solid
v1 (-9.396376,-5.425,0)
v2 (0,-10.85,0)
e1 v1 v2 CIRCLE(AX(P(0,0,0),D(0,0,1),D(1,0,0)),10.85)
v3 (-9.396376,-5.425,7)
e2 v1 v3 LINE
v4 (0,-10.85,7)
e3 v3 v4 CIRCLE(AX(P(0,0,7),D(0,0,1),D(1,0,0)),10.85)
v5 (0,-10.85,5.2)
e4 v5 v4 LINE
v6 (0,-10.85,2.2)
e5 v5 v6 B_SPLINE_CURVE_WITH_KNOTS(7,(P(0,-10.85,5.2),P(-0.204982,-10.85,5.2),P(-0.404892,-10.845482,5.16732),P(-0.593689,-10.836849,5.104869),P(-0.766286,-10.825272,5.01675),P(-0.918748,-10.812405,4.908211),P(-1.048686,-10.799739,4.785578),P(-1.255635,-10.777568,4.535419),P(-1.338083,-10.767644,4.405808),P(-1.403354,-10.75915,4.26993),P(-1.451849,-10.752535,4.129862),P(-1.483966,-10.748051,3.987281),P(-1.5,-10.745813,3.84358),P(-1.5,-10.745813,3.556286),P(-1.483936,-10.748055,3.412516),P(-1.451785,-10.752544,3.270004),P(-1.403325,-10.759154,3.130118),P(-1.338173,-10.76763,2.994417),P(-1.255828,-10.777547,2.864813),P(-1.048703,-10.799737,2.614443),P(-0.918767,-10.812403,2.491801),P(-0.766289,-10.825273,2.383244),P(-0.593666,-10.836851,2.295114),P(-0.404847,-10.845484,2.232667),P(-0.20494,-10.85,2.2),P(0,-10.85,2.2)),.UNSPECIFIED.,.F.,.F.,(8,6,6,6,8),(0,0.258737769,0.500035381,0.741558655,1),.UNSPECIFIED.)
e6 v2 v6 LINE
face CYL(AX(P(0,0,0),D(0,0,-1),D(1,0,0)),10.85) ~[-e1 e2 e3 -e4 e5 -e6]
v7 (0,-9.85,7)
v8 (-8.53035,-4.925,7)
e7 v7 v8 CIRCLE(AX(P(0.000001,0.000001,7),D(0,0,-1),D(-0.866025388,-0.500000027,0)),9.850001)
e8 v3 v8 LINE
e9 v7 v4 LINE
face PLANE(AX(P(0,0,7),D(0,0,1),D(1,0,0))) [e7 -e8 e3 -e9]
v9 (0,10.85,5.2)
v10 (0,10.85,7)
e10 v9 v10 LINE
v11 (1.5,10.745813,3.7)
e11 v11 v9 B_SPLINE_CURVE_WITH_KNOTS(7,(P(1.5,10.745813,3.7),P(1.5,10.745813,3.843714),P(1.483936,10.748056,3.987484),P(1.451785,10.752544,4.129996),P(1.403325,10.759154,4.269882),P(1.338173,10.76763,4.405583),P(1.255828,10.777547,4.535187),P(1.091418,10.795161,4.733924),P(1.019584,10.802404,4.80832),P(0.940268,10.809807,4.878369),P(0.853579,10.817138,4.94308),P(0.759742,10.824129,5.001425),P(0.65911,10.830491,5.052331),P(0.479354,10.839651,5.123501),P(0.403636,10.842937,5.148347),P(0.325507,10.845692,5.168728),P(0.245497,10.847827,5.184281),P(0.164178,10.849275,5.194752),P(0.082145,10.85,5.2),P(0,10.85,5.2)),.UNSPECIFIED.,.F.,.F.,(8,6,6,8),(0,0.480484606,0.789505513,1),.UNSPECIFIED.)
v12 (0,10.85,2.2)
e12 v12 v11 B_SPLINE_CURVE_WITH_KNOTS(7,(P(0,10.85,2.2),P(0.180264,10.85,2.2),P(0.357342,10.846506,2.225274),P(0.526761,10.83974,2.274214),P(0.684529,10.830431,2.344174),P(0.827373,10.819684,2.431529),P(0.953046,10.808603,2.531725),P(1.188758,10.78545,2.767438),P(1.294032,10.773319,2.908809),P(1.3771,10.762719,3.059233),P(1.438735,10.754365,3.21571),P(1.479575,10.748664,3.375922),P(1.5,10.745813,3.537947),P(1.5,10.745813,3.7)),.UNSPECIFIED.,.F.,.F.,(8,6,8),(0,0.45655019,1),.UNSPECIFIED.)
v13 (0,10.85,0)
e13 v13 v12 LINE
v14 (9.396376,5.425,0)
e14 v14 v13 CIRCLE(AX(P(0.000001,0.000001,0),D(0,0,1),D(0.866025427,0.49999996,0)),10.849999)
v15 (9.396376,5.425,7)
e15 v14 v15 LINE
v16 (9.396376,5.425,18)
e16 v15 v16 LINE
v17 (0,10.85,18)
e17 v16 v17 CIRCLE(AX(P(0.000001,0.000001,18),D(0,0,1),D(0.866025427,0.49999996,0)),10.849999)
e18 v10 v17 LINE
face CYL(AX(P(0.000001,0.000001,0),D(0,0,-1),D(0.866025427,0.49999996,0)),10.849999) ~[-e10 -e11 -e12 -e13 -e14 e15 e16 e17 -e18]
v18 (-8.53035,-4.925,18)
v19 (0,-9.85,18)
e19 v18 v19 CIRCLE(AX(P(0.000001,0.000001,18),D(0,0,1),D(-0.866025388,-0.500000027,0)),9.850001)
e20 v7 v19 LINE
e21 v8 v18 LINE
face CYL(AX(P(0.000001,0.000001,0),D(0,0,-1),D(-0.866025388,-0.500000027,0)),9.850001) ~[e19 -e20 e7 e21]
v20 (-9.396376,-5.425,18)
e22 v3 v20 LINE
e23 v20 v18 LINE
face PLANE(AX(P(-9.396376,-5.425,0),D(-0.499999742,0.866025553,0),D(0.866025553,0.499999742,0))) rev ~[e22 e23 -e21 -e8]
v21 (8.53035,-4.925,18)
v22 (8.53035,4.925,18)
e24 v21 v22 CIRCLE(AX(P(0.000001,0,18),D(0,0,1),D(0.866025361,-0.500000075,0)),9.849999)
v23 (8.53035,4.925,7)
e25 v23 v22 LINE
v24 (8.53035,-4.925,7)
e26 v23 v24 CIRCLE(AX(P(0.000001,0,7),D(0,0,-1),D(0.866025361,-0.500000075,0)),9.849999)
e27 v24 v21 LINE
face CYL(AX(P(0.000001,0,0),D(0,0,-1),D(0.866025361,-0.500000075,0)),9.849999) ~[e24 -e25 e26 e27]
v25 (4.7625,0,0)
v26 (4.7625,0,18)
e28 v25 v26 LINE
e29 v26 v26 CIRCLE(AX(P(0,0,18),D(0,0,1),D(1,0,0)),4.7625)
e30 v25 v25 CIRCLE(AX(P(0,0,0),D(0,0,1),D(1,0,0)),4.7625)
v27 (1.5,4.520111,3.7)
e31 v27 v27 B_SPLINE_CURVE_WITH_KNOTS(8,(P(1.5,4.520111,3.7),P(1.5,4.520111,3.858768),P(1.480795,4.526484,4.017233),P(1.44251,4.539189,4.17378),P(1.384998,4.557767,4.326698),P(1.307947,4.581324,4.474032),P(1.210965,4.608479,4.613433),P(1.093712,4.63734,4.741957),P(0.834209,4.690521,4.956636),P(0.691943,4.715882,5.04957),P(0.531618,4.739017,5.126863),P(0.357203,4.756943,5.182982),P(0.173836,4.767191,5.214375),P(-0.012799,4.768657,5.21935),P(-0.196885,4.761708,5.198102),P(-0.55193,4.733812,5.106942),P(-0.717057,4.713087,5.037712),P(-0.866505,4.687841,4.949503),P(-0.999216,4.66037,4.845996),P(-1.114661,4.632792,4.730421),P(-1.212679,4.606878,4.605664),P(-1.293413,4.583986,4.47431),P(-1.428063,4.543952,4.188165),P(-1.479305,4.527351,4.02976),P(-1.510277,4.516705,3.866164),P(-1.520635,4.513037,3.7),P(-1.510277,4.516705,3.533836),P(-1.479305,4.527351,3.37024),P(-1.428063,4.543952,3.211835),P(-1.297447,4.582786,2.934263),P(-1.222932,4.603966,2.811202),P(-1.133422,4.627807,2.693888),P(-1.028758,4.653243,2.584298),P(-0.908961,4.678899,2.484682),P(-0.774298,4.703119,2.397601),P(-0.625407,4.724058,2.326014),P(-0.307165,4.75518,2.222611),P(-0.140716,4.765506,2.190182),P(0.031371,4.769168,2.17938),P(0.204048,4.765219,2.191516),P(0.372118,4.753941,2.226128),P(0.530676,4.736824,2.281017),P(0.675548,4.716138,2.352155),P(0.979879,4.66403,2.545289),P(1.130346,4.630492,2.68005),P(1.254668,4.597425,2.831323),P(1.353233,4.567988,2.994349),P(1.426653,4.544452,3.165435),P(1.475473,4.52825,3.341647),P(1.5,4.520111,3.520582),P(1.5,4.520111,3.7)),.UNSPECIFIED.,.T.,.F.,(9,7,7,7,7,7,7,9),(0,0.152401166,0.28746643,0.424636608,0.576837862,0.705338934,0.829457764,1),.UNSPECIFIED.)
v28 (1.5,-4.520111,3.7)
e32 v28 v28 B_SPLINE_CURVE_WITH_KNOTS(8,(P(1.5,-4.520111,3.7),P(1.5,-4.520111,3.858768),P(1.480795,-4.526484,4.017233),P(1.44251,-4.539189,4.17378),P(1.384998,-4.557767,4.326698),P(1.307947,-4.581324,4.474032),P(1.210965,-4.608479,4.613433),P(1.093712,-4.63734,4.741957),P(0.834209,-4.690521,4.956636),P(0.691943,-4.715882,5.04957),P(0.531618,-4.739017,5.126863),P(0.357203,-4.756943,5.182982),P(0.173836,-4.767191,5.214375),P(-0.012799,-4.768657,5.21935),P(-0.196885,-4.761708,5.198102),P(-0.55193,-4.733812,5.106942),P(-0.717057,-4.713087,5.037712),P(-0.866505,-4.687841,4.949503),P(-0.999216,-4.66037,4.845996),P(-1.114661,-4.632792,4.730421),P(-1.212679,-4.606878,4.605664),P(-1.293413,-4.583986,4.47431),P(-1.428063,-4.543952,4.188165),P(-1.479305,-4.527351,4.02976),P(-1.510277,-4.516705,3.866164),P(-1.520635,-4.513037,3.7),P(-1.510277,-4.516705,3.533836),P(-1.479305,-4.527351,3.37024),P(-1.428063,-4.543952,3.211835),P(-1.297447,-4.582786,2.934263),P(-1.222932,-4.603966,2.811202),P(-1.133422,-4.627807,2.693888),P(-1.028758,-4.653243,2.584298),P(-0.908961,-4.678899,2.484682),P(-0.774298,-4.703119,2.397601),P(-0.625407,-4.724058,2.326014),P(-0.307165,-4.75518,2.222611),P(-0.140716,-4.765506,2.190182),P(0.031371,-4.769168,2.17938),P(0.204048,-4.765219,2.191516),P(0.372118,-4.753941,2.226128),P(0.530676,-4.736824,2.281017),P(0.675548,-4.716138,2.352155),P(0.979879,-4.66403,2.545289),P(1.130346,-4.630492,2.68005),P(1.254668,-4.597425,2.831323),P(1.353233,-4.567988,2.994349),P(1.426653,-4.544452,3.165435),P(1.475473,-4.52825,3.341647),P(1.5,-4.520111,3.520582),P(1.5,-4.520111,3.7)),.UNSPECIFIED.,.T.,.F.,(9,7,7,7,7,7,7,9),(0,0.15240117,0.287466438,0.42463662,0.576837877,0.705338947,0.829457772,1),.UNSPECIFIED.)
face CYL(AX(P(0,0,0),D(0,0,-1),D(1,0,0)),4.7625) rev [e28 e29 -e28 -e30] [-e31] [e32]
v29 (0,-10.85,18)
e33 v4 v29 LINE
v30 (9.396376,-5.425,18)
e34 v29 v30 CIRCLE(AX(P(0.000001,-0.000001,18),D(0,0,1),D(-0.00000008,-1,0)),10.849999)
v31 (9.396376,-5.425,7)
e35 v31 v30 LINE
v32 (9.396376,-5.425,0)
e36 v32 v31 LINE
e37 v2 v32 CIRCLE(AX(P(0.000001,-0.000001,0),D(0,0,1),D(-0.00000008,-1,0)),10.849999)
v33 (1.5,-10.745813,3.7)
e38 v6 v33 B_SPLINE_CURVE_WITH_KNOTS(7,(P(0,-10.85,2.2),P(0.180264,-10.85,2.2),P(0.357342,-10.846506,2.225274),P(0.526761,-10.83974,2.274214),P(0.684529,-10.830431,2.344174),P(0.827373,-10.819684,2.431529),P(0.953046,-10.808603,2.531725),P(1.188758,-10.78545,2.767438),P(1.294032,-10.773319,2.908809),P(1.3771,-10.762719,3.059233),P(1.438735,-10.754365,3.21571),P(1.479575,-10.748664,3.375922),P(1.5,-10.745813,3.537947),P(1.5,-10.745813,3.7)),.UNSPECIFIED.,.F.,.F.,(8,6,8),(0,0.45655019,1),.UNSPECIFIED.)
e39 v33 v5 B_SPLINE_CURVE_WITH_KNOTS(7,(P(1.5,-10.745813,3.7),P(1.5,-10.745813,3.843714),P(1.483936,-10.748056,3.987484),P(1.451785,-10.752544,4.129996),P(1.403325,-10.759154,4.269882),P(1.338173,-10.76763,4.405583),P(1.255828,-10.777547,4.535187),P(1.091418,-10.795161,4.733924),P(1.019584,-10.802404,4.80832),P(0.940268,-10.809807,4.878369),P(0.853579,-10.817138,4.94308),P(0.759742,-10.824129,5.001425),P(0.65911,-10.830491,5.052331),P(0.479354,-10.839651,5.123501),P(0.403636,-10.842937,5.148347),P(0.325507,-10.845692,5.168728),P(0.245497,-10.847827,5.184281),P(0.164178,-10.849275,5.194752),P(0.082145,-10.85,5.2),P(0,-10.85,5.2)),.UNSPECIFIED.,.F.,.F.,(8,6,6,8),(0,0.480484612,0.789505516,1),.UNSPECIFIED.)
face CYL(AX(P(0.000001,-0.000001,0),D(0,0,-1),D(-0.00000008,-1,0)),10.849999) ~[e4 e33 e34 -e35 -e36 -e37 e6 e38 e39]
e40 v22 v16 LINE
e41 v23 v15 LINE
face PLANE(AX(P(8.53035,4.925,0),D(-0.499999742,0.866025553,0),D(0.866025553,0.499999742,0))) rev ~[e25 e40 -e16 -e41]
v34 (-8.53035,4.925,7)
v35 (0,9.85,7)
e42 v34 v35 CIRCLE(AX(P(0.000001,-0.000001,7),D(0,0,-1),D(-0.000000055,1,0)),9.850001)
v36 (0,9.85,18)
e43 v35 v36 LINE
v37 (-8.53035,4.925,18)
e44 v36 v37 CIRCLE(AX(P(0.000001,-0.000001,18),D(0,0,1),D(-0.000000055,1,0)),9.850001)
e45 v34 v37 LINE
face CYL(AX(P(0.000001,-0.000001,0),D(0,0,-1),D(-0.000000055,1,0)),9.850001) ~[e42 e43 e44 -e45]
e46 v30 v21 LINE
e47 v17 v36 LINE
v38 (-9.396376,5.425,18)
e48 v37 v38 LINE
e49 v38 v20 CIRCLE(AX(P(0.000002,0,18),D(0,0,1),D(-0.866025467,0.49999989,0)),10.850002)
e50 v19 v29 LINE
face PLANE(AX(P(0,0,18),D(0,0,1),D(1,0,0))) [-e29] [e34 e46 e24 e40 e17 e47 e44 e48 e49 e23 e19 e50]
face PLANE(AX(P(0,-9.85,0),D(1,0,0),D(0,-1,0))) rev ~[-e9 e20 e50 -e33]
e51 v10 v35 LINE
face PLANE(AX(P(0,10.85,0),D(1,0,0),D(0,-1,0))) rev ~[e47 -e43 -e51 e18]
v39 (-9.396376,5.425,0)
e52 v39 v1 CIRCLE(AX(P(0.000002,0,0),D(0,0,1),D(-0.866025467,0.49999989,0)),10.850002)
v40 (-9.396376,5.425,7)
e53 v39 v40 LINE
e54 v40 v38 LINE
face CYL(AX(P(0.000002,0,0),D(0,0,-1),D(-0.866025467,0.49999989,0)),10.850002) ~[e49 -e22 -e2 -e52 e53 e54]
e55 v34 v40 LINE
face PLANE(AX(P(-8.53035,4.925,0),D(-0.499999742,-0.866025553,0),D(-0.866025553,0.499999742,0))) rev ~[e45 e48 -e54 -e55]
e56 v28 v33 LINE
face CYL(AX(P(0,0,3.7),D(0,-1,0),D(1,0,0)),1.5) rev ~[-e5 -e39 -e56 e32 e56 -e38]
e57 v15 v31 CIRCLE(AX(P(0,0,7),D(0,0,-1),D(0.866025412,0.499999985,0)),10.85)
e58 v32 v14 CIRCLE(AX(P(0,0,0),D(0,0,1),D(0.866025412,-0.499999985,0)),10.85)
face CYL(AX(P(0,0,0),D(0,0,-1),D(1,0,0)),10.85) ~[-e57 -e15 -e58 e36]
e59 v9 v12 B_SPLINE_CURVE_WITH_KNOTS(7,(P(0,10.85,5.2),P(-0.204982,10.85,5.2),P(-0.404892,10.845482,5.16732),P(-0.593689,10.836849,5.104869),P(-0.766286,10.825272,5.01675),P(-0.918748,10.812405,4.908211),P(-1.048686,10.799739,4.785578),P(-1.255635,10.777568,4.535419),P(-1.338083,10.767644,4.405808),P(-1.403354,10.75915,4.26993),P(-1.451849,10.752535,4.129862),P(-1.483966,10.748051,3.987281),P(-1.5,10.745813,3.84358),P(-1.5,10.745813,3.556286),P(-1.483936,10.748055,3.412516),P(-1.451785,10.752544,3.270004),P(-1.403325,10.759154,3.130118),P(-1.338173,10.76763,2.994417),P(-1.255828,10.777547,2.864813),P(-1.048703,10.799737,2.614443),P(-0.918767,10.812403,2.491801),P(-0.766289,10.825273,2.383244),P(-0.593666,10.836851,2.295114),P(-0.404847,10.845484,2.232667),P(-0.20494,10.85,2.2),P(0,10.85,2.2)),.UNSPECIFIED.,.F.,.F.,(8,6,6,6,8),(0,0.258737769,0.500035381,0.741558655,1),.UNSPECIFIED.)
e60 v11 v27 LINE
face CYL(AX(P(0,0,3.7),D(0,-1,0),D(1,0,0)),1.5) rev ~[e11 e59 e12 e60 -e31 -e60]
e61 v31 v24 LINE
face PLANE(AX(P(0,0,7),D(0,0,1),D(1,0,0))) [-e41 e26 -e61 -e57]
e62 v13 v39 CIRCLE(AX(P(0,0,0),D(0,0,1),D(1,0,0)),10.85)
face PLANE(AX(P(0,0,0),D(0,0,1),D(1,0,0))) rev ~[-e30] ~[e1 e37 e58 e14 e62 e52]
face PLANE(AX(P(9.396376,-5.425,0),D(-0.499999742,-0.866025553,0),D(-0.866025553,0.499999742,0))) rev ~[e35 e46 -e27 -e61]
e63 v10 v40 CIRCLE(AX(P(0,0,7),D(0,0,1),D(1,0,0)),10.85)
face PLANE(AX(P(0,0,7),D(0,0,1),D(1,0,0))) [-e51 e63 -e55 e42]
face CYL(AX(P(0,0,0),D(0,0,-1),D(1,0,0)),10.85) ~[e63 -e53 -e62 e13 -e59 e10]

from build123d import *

# Parameters (mm, degrees)
F0_R     = 4.7625
F1_DEPTH = 18
F2_R     = 10.85
F2_R_2   = 4.7625
F3_DEPTH = 7
F4_R     = 1.5
F5_DEPTH = 12.5


with BuildPart() as f1:
    # F0 (on Top) → F1 (new body)
    with BuildSketch(Plane.XY):
        with BuildLine():
            Line((0, 10.85), (0, 9.85))
            ThreePointArc((0, 9.85), (-4.925, 8.53035), (-8.53035, 4.925))
            Line((-8.53035, 4.925), (-9.396376, 5.425))
            ThreePointArc((-9.396376, 5.425), (-10.85, 0), (-9.396376, -5.425))
            Line((-9.396376, -5.425), (-8.53035, -4.925))
            ThreePointArc((-8.53035, -4.925), (-4.925, -8.53035), (0, -9.85))
            Line((0, -9.85), (0, -10.85))
            ThreePointArc((0, -10.85), (5.425, -9.396376), (9.396376, -5.425))
            Line((9.396376, -5.425), (8.53035, -4.925))
            ThreePointArc((8.53035, -4.925), (9.85, 0), (8.53035, 4.925))
            Line((8.53035, 4.925), (9.396376, 5.425))
            ThreePointArc((9.396376, 5.425), (5.425, 9.396376), (0, 10.85))
        make_face()
        Circle(F0_R, mode=Mode.SUBTRACT)
    extrude(amount=F1_DEPTH)

    # F2 (on Top) → F3 (join)
    with BuildSketch(Plane.XY):
        Circle(F2_R)
        Circle(F2_R_2, mode=Mode.SUBTRACT)
    extrude(amount=F3_DEPTH)

    # F4 (on Front) → F5 (cut, symmetric)
    with BuildSketch(Plane.XZ):
        with Locations((0, 3.7)):
            Circle(F4_R)
    extrude(amount=F5_DEPTH, both=True, mode=Mode.SUBTRACT)


solid = f1.part
